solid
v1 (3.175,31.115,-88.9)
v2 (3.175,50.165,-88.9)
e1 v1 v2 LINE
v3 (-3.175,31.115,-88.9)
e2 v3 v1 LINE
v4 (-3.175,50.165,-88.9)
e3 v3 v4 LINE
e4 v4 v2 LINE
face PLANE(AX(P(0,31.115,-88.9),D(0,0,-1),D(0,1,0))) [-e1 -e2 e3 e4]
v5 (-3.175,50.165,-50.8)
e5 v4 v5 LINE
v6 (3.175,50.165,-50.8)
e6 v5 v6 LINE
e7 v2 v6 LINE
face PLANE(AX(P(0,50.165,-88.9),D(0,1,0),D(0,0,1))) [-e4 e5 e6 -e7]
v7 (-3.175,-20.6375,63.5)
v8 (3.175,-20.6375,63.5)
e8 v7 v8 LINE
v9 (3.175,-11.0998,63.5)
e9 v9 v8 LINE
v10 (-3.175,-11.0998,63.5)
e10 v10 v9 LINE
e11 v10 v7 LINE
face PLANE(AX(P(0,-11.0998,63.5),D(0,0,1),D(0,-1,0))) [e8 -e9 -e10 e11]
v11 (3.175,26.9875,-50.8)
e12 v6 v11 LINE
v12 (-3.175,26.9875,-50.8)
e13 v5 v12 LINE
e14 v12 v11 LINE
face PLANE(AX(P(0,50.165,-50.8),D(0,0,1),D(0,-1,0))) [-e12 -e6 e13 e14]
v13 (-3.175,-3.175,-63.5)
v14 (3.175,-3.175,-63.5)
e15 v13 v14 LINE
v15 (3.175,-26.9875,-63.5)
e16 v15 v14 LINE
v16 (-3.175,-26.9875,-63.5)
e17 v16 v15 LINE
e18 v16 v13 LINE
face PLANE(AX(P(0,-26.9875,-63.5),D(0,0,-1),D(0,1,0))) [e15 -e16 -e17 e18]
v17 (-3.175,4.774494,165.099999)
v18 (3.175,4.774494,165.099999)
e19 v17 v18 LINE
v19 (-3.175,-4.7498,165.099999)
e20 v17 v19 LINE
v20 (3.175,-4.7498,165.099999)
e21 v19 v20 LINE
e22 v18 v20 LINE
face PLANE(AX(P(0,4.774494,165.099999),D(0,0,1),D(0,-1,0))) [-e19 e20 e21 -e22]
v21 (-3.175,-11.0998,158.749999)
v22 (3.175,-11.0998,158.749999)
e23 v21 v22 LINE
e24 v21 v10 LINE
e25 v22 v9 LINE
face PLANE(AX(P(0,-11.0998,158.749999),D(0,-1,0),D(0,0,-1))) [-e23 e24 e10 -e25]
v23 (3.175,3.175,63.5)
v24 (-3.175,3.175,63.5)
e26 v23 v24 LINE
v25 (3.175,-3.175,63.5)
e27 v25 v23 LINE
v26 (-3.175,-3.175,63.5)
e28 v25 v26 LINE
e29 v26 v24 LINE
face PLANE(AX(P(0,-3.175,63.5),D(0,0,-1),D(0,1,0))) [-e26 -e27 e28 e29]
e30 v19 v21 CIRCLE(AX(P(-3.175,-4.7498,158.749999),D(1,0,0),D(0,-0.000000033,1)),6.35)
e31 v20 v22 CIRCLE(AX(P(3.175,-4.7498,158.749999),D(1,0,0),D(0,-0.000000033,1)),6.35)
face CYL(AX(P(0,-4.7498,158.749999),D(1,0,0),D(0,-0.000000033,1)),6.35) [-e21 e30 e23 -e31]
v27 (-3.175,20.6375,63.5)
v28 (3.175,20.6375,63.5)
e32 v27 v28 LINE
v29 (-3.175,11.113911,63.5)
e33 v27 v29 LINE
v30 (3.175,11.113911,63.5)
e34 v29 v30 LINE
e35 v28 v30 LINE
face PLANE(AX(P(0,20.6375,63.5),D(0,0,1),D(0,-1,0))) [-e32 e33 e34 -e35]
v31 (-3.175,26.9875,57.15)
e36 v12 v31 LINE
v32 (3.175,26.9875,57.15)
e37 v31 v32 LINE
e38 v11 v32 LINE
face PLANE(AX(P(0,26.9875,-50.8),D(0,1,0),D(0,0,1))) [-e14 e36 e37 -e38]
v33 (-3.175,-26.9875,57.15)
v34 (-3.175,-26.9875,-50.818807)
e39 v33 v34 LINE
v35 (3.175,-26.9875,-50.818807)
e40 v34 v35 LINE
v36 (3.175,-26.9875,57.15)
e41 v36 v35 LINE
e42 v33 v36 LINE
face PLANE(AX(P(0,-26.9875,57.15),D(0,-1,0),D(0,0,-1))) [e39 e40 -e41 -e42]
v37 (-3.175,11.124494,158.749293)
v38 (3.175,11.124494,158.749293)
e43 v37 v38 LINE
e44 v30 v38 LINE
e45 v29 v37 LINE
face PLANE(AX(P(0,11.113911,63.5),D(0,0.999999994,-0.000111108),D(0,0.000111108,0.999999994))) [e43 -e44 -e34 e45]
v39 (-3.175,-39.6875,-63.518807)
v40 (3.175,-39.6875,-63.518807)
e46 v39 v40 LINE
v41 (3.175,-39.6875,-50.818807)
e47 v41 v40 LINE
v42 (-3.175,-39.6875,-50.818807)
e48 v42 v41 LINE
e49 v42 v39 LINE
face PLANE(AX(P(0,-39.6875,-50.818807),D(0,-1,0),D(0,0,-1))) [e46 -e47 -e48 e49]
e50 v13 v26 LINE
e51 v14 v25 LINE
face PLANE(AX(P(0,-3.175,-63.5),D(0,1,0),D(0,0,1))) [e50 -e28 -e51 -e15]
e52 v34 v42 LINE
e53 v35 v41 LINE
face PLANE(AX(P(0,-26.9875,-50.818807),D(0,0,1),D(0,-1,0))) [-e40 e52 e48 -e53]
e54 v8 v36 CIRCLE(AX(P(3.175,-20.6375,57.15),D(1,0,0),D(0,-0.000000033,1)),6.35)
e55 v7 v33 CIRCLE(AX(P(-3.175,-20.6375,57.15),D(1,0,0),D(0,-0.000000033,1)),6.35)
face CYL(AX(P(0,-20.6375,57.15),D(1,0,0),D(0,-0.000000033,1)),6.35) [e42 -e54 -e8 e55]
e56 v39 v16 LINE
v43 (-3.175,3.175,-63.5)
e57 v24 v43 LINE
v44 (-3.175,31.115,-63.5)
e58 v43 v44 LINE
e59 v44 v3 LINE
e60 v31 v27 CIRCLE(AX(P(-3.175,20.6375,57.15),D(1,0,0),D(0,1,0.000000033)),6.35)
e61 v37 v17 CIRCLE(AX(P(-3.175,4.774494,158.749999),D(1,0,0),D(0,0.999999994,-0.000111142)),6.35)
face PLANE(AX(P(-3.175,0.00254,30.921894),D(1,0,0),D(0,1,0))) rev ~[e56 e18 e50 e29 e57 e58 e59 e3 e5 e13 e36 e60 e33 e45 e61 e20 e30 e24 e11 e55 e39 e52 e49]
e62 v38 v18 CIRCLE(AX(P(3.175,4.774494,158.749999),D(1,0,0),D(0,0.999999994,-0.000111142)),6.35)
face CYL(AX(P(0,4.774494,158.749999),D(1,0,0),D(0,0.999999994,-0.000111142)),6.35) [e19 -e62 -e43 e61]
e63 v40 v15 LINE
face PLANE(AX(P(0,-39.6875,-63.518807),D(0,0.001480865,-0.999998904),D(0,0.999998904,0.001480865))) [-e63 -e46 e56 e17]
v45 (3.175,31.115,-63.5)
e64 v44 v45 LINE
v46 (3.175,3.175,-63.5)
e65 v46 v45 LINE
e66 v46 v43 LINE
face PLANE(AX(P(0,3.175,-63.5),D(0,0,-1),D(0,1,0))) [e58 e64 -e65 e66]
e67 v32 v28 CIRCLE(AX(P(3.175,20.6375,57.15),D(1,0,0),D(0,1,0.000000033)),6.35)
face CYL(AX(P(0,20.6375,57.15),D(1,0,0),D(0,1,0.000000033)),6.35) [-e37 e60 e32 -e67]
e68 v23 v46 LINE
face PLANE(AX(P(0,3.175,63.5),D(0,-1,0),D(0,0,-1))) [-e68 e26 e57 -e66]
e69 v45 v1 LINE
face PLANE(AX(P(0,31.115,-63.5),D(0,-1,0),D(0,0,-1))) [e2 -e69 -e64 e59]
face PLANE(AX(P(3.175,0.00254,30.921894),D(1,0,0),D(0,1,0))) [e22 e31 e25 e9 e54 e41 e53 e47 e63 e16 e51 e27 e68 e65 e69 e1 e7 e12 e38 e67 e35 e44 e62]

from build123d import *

# Parameters (mm, degrees)
F1_DEPTH = 3.175


with BuildPart() as f1:
    # F0 (on Right) → F1 (new body, symmetric)
    with BuildSketch(Plane.YZ):
        with BuildLine():
            Line((3.175, -63.5), (26.9875, -63.5))
            Line((26.9875, -63.5), (26.9875, -50.8))
            Line((26.9875, -50.8), (26.9875, 57.15))
            ThreePointArc((26.9875, 57.15), (25.127628, 61.640128), (20.6375, 63.5))
            Line((20.6375, 63.5), (17.464617, 63.5))
            Line((17.464617, 63.5), (11.113911, 63.5))
            Line((11.113911, 63.5), (11.124494, 158.749293))
            ThreePointArc((11.124494, 158.749293), (9.264872, 163.239877), (4.774494, 165.099999))
            Line((4.774494, 165.099999), (-4.7498, 165.099999))
            ThreePointArc((-4.7498, 165.099999), (-9.239928, 163.240127), (-11.0998, 158.749999))
            Line((-11.0998, 158.749999), (-11.0998, 63.5))
            Line((-11.0998, 63.5), (-17.4498, 63.5))
            Line((-17.4498, 63.5), (-20.6375, 63.5))
            ThreePointArc((-20.6375, 63.5), (-25.127628, 61.640128), (-26.9875, 57.15))
            Line((-26.9875, 57.15), (-26.9875, -50.818807))
            Line((-26.9875, -50.818807), (-26.9875, -63.5))
            Line((-26.9875, -63.5), (-3.175, -63.5))
            Line((-3.175, -63.5), (-3.175, 63.5))
            Line((-3.175, 63.5), (3.175, 63.5))
            Line((3.175, 63.5), (3.175, -63.5))
        make_face()
        Polygon((26.9875, -50.8), (26.9875, -63.5), (31.115, -63.5), (31.115, -88.9), (50.165, -88.9), (50.165, -50.8), align=None)
        Polygon((-39.6875, -63.518807), (-26.9875, -63.5), (-26.9875, -50.818807), (-39.6875, -50.818807), align=None)
    extrude(amount=F1_DEPTH, both=True)


solid = f1.part
